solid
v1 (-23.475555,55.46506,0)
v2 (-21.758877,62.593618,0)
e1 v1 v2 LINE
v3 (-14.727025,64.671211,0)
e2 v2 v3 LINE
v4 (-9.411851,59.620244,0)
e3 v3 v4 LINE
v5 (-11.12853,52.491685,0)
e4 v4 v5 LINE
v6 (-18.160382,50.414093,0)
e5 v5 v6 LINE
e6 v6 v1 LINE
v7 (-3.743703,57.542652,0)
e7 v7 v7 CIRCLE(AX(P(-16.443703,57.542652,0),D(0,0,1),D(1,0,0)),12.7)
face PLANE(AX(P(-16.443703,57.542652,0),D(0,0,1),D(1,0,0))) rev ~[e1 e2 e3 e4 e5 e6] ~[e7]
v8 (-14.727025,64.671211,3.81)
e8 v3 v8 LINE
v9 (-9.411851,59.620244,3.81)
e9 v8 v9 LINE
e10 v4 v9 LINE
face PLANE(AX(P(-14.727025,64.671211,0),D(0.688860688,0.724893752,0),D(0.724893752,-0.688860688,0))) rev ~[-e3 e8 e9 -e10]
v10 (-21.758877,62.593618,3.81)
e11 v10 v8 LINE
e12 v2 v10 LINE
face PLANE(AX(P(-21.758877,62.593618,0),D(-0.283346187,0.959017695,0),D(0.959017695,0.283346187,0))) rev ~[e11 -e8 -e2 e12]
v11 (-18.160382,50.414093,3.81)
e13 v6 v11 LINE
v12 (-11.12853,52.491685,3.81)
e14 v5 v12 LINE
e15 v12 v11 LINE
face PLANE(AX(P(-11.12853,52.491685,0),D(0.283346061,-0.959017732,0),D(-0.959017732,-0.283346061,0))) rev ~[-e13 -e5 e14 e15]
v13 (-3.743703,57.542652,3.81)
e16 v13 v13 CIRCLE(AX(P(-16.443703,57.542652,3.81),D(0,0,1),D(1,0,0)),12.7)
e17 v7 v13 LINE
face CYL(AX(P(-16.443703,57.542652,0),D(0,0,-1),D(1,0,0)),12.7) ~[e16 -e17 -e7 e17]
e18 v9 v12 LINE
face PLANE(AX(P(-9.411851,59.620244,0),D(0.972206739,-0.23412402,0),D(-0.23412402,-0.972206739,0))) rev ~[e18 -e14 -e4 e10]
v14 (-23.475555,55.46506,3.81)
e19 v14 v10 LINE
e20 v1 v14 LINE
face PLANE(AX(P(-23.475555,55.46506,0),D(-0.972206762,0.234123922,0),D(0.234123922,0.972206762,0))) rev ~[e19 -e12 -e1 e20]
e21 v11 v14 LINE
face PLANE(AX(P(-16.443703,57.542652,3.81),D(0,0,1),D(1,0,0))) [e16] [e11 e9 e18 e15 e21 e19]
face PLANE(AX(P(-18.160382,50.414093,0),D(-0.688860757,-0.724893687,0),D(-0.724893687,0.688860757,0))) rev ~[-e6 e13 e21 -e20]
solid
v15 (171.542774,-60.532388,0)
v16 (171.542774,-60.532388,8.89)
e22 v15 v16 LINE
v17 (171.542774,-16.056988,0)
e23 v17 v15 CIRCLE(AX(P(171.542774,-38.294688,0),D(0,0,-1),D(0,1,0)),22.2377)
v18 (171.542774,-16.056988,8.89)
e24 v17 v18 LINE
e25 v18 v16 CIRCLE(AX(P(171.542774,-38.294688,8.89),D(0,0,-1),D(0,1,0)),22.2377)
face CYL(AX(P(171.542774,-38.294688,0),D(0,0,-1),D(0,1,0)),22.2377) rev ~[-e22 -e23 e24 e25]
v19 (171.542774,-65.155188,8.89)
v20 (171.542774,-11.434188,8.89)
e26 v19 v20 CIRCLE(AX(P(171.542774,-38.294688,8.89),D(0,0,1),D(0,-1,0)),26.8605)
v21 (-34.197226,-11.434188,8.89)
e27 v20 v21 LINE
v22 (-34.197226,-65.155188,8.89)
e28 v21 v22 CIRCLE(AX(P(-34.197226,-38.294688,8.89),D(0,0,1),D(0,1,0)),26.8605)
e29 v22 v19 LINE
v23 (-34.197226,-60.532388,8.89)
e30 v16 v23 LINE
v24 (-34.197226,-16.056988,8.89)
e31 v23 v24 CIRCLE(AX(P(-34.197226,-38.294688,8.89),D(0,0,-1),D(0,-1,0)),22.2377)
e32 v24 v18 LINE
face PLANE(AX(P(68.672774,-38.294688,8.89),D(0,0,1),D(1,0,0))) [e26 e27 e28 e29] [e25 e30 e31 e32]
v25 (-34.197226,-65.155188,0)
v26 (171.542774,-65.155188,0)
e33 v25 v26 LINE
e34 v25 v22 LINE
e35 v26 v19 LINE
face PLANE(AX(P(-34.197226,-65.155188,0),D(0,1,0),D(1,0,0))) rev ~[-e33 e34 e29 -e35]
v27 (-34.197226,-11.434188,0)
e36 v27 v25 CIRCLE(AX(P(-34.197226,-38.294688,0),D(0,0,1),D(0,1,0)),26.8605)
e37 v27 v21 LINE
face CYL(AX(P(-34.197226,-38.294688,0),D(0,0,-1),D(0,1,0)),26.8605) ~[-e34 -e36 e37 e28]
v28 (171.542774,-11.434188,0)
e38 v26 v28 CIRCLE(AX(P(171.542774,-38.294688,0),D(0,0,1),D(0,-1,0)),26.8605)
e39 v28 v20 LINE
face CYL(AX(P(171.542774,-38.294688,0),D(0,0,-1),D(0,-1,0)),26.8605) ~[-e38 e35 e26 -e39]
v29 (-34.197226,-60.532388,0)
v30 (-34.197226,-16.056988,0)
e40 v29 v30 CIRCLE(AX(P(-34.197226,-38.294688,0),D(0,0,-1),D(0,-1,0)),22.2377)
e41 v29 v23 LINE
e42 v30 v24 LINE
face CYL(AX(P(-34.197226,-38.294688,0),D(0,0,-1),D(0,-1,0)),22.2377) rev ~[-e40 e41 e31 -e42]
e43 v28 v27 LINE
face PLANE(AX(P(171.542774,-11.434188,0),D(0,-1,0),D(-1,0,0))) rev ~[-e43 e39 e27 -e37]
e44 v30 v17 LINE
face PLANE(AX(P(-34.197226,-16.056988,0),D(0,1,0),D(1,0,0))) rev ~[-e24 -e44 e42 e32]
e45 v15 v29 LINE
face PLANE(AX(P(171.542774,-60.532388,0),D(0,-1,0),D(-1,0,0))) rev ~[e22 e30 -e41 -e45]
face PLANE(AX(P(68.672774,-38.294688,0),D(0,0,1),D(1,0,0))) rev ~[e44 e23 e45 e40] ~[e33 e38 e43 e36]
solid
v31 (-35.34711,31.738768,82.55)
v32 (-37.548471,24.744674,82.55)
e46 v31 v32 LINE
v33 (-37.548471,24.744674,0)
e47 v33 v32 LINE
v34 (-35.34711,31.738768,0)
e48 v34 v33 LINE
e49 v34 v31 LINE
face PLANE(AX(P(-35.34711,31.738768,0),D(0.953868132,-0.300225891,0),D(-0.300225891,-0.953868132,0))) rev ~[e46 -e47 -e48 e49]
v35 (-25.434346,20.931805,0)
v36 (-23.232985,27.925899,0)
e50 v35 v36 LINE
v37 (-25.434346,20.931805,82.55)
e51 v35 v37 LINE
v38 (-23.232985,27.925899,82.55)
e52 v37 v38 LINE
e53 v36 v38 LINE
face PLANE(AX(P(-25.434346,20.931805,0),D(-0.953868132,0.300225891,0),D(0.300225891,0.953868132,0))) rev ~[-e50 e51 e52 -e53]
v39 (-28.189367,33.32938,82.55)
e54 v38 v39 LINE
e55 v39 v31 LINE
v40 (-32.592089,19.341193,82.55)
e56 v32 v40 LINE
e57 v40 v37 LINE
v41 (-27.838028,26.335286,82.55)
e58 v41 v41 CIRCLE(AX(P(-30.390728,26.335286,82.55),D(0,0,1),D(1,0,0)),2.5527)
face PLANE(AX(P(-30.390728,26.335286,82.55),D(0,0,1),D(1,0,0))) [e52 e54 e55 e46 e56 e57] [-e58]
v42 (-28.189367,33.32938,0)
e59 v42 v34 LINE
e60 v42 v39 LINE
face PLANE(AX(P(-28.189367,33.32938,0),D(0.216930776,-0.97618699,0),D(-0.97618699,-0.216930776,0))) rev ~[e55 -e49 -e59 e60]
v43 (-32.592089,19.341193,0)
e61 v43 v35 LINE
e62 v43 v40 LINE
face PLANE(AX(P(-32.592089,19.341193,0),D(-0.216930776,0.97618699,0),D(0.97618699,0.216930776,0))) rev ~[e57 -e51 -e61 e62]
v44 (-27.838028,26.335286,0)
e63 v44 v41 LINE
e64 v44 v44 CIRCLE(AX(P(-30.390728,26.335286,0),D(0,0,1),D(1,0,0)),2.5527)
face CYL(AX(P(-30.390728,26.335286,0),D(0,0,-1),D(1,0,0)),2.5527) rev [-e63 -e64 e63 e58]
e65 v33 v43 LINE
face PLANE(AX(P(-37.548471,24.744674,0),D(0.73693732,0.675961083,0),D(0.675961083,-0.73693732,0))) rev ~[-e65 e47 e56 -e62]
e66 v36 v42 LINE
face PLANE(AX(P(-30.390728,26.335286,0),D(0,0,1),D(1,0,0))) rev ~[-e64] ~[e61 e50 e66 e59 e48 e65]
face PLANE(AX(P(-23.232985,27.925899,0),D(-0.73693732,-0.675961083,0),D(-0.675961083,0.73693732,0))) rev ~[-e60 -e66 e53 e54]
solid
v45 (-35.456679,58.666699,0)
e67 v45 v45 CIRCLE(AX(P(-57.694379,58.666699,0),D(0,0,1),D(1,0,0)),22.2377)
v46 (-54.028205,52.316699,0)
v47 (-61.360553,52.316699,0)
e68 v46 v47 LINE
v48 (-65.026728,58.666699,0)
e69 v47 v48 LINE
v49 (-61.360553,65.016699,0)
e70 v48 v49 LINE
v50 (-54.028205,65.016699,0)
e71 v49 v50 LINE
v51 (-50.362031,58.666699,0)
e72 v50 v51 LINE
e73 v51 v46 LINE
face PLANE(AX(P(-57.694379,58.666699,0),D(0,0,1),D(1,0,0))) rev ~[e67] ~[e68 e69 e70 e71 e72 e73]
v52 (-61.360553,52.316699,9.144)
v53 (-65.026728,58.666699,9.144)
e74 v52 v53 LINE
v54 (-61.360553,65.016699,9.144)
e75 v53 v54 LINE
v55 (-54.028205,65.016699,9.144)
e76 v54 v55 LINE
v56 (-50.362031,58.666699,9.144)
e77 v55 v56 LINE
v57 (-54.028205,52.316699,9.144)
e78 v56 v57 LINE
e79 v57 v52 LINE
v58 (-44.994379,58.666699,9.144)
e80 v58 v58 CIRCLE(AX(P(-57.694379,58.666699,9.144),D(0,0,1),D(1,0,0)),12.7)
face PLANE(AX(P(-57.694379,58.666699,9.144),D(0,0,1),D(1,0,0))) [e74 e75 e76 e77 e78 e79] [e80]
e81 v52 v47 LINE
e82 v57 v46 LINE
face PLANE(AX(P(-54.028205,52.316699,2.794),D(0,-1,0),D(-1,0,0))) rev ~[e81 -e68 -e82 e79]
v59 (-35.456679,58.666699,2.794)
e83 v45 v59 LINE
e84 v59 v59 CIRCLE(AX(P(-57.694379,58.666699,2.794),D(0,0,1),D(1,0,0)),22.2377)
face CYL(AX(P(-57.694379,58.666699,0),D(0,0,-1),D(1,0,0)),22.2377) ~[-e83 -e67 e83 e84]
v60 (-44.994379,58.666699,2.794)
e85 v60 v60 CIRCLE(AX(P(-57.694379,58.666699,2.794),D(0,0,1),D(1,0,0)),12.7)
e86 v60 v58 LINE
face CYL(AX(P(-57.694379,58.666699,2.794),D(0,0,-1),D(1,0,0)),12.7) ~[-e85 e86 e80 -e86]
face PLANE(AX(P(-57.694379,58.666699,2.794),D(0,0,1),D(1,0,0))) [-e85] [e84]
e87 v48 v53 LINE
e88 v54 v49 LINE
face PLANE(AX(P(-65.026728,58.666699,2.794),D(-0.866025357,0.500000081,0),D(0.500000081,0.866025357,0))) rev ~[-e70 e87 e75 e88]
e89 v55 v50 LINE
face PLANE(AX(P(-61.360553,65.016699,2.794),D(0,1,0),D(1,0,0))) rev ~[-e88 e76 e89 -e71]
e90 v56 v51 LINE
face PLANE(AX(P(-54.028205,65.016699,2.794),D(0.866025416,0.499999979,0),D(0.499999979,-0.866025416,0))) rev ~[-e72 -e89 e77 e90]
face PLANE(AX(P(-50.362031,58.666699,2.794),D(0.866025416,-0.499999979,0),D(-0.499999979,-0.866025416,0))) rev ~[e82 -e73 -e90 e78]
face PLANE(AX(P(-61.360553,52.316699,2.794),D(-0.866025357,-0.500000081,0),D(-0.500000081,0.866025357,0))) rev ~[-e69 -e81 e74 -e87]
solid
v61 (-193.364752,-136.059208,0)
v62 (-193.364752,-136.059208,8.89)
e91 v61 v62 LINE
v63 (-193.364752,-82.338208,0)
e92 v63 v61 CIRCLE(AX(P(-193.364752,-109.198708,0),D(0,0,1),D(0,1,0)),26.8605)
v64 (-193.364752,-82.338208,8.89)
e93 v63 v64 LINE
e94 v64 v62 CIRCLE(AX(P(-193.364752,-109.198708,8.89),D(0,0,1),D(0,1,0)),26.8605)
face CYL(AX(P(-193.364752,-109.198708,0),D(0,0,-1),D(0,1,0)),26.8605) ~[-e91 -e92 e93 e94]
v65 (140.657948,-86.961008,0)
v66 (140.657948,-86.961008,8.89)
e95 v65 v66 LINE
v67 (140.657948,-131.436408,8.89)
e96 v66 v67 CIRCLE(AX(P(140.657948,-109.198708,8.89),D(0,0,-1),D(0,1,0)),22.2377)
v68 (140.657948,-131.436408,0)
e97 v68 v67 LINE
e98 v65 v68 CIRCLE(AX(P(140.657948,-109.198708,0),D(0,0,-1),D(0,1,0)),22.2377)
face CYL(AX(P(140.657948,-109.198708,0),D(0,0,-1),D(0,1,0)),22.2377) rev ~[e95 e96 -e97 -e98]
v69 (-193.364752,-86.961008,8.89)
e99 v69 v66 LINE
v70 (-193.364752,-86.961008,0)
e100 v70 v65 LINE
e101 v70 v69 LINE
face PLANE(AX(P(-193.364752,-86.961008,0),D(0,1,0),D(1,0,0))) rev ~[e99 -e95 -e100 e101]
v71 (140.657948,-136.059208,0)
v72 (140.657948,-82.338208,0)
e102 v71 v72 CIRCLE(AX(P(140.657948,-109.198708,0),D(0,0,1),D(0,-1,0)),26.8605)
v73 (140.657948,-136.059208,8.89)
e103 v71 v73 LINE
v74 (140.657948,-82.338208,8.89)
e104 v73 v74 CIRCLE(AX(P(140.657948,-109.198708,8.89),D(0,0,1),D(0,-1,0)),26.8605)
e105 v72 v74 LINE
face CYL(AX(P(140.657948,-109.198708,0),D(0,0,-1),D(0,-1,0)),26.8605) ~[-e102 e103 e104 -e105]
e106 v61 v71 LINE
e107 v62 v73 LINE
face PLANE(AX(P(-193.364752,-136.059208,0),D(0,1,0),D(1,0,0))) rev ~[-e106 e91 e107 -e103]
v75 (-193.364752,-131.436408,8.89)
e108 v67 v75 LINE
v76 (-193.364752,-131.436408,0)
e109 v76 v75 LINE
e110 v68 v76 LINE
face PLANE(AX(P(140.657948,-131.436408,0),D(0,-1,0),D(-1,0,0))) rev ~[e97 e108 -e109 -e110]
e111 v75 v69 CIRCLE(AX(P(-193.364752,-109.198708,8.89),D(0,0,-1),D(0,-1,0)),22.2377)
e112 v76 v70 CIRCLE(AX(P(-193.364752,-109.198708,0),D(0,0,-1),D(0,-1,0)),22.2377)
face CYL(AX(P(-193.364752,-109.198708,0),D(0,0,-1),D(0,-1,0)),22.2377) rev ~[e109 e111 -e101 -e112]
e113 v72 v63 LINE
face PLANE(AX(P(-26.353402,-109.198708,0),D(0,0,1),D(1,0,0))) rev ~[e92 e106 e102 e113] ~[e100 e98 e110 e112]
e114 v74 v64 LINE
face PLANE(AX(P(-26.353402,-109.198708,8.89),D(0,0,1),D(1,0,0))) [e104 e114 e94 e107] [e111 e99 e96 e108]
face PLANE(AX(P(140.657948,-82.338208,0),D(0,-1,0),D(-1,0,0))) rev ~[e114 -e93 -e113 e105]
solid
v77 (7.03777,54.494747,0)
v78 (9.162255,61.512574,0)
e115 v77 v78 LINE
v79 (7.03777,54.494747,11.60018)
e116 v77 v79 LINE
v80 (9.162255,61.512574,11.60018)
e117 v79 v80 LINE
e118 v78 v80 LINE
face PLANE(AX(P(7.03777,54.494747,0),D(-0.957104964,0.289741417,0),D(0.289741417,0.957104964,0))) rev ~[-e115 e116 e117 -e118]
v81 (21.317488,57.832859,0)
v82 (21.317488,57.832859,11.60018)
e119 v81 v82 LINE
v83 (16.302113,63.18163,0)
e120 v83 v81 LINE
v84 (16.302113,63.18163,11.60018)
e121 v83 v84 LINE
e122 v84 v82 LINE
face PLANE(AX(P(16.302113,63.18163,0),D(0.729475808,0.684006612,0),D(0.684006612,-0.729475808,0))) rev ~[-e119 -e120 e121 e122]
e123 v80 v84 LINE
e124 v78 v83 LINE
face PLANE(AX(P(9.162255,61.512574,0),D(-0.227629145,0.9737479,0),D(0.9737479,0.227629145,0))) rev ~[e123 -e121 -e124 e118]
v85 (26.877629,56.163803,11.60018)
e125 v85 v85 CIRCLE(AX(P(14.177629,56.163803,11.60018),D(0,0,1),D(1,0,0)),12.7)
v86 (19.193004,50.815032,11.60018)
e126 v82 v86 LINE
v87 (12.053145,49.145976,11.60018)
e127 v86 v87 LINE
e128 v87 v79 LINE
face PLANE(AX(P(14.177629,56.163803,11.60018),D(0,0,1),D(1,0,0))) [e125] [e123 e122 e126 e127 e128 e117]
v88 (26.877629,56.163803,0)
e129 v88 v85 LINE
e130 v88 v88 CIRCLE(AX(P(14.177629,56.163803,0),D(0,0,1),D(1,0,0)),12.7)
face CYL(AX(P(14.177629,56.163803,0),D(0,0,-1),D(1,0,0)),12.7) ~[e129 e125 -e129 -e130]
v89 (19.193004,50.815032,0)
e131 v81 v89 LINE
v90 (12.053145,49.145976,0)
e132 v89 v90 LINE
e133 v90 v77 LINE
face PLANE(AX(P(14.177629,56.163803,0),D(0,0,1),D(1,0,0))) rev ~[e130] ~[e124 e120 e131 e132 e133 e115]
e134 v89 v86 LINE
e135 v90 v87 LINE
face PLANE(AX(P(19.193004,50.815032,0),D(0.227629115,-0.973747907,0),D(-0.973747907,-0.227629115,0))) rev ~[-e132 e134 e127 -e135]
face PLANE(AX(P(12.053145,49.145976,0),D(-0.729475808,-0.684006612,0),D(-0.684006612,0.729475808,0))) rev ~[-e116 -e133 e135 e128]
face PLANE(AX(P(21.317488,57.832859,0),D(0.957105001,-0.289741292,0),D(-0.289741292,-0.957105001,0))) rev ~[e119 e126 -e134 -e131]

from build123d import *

# Parameters (mm, degrees)
F0_R      = 22.2377
F1_DEPTH  = 2.794
F2_R      = 12.7
F3_DEPTH  = 6.35
F4_R      = 12.7
F5_DEPTH  = 3.81
F6_R      = 2.5527
F7_DEPTH  = 82.55
F8_R      = 12.7
F9_DEPTH  = 11.60018
F11_DEPTH = 8.89
F12_DEPTH = 8.89


with BuildPart() as f1:
    # F0 (on Top) → F1 (new body)
    with BuildSketch(Plane.XY):
        with Locations((-57.694379, 58.666699)):
            Circle(F0_R)
        Polygon((-50.362031, 58.666699), (-54.028205, 52.316699), (-61.360553, 52.316699), (-65.026728, 58.666699), (-61.360553, 65.016699), (-54.028205, 65.016699), align=None, mode=Mode.SUBTRACT)
    extrude(amount=F1_DEPTH)

    # F2 (on face) → F3 (join)
    with BuildSketch(Plane.XY.offset(2.794)):
        with Locations((-57.694379, 58.666699)):
            Circle(F2_R)
        Polygon((-65.026728, 58.666699), (-61.360553, 65.016699), (-54.028205, 65.016699), (-50.362031, 58.666699), (-54.028205, 52.316699), (-61.360553, 52.316699), align=None, mode=Mode.SUBTRACT)
    extrude(amount=F3_DEPTH)


with BuildPart() as f5:
    # F4 (on Top) → F5 (new body)
    with BuildSketch(Plane.XY):
        with Locations((-16.443703, 57.542652)):
            Circle(F4_R)
        Polygon((-9.411851, 59.620244), (-11.12853, 52.491685), (-18.160382, 50.414093), (-23.475555, 55.46506), (-21.758877, 62.593618), (-14.727025, 64.671211), align=None, mode=Mode.SUBTRACT)
    extrude(amount=F5_DEPTH)


with BuildPart() as f7:
    # F6 (on Top) → F7 (new body)
    with BuildSketch(Plane.XY):
        Polygon((-32.592089, 19.341193), (-25.434346, 20.931805), (-23.232985, 27.925899), (-28.189367, 33.32938), (-35.34711, 31.738768), (-37.548471, 24.744674), align=None)
        with Locations((-30.390728, 26.335286)):
            Circle(F6_R, mode=Mode.SUBTRACT)
    extrude(amount=F7_DEPTH)


with BuildPart() as f9:
    # F8 (on Top) → F9 (new body)
    with BuildSketch(Plane.XY):
        with Locations((14.177629, 56.163803)):
            Circle(F8_R)
        Polygon((21.317488, 57.832859), (19.193004, 50.815032), (12.053145, 49.145976), (7.03777, 54.494747), (9.162255, 61.512574), (16.302113, 63.18163), align=None, mode=Mode.SUBTRACT)
    extrude(amount=F9_DEPTH)


with BuildPart() as f11:
    # F10 (on Top) → F11 (new body)
    with BuildSketch(Plane.XY):
        with BuildLine():
            Line((171.542774, -11.434188), (-34.197226, -11.434188))
            ThreePointArc((-34.197226, -11.434188), (-61.057726, -38.294688), (-34.197226, -65.155188))
            Line((-34.197226, -65.155188), (171.542774, -65.155188))
            ThreePointArc((171.542774, -65.155188), (198.403274, -38.294688), (171.542774, -11.434188))
        make_face()
        with BuildLine():
            Line((171.542774, -60.532388), (-34.197226, -60.532388))
            ThreePointArc((-34.197226, -60.532388), (-56.434926, -38.294688), (-34.197226, -16.056988))
            Line((-34.197226, -16.056988), (171.542774, -16.056988))
            ThreePointArc((171.542774, -16.056988), (193.780474, -38.294688), (171.542774, -60.532388))
        make_face(mode=Mode.SUBTRACT)
    extrude(amount=F11_DEPTH)


with BuildPart() as f12:
    # F10 (on Top) → F12 (new body)
    with BuildSketch(Plane.XY):
        with BuildLine():
            ThreePointArc((-193.364752, -82.338208), (-220.225252, -109.198708), (-193.364752, -136.059208))
            Line((-193.364752, -136.059208), (140.657948, -136.059208))
            ThreePointArc((140.657948, -136.059208), (167.518448, -109.198708), (140.657948, -82.338208))
            Line((140.657948, -82.338208), (-193.364752, -82.338208))
        make_face()
        with BuildLine():
            Line((140.657948, -131.436408), (-193.364752, -131.436408))
            ThreePointArc((-193.364752, -131.436408), (-215.602452, -109.198708), (-193.364752, -86.961008))
            Line((-193.364752, -86.961008), (140.657948, -86.961008))
            ThreePointArc((140.657948, -86.961008), (162.895648, -109.198708), (140.657948, -131.436408))
        make_face(mode=Mode.SUBTRACT)
    extrude(amount=F12_DEPTH)


solid = Compound([f1.part, f5.part, f7.part, f9.part, f11.part, f12.part])
